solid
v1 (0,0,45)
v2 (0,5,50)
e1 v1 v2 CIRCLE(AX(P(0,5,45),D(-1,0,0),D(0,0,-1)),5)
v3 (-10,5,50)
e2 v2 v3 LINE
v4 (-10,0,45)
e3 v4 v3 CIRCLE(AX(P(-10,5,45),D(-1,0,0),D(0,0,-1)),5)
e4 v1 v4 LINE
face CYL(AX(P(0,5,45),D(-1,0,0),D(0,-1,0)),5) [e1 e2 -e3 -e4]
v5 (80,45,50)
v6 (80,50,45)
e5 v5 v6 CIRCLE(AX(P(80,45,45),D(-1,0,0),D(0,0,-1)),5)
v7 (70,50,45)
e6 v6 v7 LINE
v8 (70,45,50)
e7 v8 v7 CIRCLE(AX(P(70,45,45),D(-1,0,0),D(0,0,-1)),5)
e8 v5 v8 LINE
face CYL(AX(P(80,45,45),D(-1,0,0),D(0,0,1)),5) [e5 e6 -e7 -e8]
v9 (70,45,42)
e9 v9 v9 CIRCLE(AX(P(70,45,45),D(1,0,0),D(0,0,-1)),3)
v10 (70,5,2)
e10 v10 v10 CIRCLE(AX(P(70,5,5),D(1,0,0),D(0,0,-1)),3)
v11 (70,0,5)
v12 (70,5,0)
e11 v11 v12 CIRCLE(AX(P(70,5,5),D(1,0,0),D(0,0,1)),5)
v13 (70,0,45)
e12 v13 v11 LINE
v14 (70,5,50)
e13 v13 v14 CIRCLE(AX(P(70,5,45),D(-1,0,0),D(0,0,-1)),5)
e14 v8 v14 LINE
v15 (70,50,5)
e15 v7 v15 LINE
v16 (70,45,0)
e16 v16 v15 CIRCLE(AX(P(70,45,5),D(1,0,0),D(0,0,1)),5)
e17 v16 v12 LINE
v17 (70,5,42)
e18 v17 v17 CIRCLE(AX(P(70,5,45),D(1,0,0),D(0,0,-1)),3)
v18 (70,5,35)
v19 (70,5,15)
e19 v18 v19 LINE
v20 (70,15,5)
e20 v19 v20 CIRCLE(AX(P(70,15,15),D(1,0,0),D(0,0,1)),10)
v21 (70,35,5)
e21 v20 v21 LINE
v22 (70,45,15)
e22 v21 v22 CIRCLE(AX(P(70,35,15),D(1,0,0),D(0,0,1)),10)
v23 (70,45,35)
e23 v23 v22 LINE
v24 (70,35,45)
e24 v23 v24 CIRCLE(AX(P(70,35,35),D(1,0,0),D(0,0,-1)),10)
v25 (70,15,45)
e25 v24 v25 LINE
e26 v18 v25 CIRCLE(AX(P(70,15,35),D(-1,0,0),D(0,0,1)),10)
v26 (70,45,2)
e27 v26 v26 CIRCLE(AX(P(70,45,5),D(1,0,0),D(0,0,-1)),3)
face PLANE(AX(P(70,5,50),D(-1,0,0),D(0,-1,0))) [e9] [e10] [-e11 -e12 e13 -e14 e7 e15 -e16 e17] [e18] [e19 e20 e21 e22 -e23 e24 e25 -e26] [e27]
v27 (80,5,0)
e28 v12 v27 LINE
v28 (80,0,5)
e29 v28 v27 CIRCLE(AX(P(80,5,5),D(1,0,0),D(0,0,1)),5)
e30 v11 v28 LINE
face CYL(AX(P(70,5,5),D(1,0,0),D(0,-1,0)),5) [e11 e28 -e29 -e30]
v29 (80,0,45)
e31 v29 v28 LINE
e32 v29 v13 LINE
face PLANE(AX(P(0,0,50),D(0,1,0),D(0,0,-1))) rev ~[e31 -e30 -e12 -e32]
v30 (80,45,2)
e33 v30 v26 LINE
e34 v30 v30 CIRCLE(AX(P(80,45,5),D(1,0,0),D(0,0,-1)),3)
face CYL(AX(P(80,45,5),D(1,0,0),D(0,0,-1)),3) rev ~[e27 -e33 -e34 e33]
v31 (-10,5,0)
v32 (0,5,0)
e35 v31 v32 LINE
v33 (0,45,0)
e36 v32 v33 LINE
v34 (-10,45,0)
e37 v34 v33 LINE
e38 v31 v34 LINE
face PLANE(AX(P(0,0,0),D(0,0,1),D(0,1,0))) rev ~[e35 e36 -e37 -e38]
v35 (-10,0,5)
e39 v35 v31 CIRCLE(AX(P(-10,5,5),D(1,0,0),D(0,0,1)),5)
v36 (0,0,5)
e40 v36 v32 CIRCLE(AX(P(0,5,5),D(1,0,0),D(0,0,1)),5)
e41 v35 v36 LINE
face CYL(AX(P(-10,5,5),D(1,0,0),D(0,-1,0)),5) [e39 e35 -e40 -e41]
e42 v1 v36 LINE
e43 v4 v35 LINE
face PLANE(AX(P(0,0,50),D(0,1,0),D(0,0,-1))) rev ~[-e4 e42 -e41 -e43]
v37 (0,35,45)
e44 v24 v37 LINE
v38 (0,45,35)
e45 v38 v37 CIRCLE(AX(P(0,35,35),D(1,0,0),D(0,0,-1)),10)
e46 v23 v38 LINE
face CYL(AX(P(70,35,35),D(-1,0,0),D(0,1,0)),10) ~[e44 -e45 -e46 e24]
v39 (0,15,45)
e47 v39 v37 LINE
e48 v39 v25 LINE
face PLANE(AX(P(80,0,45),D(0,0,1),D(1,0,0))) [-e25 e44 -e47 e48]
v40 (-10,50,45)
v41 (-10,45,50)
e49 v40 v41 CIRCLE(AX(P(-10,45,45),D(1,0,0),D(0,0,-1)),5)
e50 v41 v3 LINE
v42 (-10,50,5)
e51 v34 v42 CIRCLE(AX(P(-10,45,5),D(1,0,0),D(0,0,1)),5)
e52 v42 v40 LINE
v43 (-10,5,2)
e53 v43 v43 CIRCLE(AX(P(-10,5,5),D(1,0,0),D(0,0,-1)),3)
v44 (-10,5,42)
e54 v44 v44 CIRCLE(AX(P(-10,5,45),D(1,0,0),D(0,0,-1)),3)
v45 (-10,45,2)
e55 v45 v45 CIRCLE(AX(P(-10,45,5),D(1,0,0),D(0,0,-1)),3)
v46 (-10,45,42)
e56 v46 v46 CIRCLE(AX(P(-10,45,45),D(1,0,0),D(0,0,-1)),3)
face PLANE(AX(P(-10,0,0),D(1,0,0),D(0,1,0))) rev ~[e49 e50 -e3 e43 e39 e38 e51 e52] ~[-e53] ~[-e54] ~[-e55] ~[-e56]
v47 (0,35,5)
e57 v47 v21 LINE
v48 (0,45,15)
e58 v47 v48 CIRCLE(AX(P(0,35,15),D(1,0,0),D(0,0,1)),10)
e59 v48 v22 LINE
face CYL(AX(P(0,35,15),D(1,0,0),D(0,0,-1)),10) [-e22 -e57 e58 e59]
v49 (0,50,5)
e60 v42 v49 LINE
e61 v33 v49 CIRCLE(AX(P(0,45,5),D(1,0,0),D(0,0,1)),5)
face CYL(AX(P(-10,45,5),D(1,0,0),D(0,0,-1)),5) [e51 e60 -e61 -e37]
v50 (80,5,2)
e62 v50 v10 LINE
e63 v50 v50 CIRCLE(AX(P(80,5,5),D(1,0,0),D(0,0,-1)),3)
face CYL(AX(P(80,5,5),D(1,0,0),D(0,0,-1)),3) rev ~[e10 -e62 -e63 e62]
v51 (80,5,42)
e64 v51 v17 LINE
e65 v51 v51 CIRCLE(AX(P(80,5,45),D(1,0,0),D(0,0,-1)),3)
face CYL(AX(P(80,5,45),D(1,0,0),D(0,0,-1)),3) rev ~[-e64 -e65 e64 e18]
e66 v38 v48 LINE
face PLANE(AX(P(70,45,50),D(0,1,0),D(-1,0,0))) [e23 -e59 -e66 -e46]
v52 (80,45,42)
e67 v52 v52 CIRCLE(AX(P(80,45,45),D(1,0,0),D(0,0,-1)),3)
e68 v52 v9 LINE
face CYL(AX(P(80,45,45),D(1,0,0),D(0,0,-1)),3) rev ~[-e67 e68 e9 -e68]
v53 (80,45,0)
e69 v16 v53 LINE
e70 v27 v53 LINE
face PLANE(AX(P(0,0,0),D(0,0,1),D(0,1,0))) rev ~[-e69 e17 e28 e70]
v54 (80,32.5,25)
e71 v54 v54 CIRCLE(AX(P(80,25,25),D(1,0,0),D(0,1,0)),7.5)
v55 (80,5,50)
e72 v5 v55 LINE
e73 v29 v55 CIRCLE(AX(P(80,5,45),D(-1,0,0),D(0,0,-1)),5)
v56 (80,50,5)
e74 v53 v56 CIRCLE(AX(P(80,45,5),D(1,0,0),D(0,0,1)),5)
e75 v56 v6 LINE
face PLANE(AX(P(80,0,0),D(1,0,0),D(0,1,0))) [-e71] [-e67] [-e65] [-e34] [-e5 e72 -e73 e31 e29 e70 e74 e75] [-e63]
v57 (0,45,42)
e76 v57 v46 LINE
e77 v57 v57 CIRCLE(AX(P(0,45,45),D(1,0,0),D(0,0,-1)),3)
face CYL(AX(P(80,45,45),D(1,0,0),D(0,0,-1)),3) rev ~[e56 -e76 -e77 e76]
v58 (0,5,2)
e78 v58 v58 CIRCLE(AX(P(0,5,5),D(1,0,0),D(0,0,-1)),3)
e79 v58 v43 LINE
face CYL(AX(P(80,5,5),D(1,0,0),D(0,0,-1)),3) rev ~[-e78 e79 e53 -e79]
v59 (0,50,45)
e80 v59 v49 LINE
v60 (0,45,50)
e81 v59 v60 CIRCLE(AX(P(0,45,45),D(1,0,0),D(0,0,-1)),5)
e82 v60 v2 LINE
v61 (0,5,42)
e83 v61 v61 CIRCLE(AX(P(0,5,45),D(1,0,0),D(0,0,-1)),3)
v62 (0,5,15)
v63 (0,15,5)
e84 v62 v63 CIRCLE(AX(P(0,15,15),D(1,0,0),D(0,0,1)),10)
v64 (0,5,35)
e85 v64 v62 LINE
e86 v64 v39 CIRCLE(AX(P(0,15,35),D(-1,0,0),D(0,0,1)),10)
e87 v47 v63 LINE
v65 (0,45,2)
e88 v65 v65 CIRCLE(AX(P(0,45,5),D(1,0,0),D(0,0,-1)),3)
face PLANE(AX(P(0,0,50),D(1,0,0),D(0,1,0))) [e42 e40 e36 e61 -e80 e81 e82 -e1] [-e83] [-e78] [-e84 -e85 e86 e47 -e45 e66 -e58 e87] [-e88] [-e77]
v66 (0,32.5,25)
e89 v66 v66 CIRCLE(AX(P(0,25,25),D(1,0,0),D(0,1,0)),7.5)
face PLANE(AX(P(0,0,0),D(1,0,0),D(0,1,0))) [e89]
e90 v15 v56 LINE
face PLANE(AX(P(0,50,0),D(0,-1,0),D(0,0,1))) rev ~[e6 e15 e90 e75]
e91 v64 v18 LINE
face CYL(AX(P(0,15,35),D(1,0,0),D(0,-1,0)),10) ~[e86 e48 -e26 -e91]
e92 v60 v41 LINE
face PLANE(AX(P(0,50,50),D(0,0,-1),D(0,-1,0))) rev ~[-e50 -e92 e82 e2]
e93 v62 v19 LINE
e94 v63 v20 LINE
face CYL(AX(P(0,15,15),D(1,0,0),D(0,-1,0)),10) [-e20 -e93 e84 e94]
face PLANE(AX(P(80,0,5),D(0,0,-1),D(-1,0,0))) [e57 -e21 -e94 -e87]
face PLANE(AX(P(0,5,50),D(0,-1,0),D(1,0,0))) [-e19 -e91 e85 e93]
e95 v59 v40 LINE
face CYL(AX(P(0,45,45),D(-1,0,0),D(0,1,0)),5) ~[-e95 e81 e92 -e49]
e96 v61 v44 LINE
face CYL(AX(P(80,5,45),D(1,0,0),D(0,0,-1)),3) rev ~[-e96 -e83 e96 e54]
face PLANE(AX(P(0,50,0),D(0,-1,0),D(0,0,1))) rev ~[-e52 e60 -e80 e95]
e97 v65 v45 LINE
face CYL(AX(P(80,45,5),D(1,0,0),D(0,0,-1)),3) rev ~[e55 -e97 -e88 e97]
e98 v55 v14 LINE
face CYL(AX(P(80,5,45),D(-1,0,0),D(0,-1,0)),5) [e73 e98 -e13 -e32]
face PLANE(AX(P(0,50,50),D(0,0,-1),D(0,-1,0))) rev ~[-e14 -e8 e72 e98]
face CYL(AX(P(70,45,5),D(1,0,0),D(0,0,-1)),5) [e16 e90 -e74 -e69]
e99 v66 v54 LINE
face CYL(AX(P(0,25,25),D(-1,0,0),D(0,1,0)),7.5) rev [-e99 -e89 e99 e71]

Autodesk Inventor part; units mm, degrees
ref_plane "YZ Plane" through (0, 0, 0) normal (1, 0, 0) x (0, 1, 0)
ref_plane "XZ Plane" through (0, 0, 0) normal (0, 1, 0) x (-1, 0, 0)
ref_plane "XY Plane" through (0, 0, 0) normal (0, 0, 1) x (1, 0, 0)
sketch "Sketch1" plane through (0, 0, 0) normal (1, 0, 0) x (0, 1, 0)
  line L0 (0, 0) -> (50, 0)
  line L1 (50, 0) -> (50, 50)
  line L2 (50, 50) -> (0, 50)
  line L3 (0, 50) -> (0, 0)
  circle A0 centre (25, 25) radius 7.5
  dimension "d0" = 50
  dimension "d1" = 50
  dimension "d2" = 15
extrude "Extrusion1" add sketch "Sketch1" along normal blind 80
extrude "Extrusion2" add sketch "Sketch1" against normal blind 10 contours L3 L2 L1 L0 | A0
sketch "Sketch2" plane through (80, 0, 50) normal (0, 0, 1) x (1, 0, 0)
  line L0 (0, 50) -> (-90, 50) projected
  line L1 (-90, 0) -> (0, 0) projected
  line L2 (-80, 50) -> (-10, 50)
  line L3 (-10, 50) -> (-10, 0)
  line L4 (-10, 0) -> (-80, 0)
  line L5 (-80, 0) -> (-80, 50)
  line L6 (-80, 50) -> (-10, 50)
  line L7 (-10, 50) -> (-10, 45)
  line L8 (-10, 45) -> (-80, 45)
  line L9 (-80, 45) -> (-80, 50)
  line L10 (-10, 0) -> (-80, 0)
  line L11 (-80, 0) -> (-80, 5)
  line L12 (-80, 5) -> (-10, 5)
  line L13 (-10, 5) -> (-10, 0)
  point P0 (-10, 45)
  dimension "d7" = 70
  dimension "d8" = 70
  dimension "d9" = 5
  dimension "d10" = 70
  dimension "d11" = 5
extrude "Extrusion3" cut sketch "Sketch2" against normal blind 50 contours L3 L8 L5 L0 | L3 L1 L5 L12
extrude "Extrusion4" cut sketch "Sketch2" against normal blind 5 contours L3 L12 L5 L8
sketch "Sketch3" plane through (80, 0, 0) normal (0, 0, -1) x (-1, 0, 0)
  line L0 (80, 45) -> (10, 45) projected
  line L1 (80, 5) -> (80, 0) projected
  line L2 (10, 45) -> (80, 45)
  line L3 (80, 45) -> (80, 5)
  line L4 (80, 5) -> (10, 5)
  line L5 (10, 5) -> (10, 45)
extrude "Extrusion5" cut sketch "Sketch3" against normal blind 5
fillet "Fillet2" radius 5 8 edges at (-5, 50, 50) (75, 50, 50) (75, 50, 0) (-5, 50, 0) (-5, 0, 0) (75, 0, 0) (-5, 0, 50) (75, 0, 50)
fillet "Fillet3" radius 10 4 edges at (35, 45, 45) (35, 5, 45) (35, 45, 5) (35, 5, 5)
sketch "Sketch5" plane through (80, 0, 0) normal (1, 0, 0) x (0, 0, -1)
  arc A0 (-45, 50) -> (-50, 45) centre (-45, 45) ccw projected
  circle A1 centre (-45, 45) radius 3
  arc A2 (0, 45) -> (-5, 50) centre (-5, 45) ccw projected
  circle A3 centre (-5, 45) radius 3
  arc A4 (-5, 0) -> (0, 5) centre (-5, 5) ccw projected
  circle A5 centre (-5, 5) radius 3
  arc A6 (-50, 5) -> (-45, 0) centre (-45, 5) ccw projected
  circle A7 centre (-45, 5) radius 3
  point P0 (0, 0)
  dimension "d25" = 6
  dimension "d26" = 6
  dimension "d27" = 6
  dimension "d28" = 6
extrude "Extrusion6" cut sketch "Sketch5" against normal blind 90
properties part number "Contenedor"
